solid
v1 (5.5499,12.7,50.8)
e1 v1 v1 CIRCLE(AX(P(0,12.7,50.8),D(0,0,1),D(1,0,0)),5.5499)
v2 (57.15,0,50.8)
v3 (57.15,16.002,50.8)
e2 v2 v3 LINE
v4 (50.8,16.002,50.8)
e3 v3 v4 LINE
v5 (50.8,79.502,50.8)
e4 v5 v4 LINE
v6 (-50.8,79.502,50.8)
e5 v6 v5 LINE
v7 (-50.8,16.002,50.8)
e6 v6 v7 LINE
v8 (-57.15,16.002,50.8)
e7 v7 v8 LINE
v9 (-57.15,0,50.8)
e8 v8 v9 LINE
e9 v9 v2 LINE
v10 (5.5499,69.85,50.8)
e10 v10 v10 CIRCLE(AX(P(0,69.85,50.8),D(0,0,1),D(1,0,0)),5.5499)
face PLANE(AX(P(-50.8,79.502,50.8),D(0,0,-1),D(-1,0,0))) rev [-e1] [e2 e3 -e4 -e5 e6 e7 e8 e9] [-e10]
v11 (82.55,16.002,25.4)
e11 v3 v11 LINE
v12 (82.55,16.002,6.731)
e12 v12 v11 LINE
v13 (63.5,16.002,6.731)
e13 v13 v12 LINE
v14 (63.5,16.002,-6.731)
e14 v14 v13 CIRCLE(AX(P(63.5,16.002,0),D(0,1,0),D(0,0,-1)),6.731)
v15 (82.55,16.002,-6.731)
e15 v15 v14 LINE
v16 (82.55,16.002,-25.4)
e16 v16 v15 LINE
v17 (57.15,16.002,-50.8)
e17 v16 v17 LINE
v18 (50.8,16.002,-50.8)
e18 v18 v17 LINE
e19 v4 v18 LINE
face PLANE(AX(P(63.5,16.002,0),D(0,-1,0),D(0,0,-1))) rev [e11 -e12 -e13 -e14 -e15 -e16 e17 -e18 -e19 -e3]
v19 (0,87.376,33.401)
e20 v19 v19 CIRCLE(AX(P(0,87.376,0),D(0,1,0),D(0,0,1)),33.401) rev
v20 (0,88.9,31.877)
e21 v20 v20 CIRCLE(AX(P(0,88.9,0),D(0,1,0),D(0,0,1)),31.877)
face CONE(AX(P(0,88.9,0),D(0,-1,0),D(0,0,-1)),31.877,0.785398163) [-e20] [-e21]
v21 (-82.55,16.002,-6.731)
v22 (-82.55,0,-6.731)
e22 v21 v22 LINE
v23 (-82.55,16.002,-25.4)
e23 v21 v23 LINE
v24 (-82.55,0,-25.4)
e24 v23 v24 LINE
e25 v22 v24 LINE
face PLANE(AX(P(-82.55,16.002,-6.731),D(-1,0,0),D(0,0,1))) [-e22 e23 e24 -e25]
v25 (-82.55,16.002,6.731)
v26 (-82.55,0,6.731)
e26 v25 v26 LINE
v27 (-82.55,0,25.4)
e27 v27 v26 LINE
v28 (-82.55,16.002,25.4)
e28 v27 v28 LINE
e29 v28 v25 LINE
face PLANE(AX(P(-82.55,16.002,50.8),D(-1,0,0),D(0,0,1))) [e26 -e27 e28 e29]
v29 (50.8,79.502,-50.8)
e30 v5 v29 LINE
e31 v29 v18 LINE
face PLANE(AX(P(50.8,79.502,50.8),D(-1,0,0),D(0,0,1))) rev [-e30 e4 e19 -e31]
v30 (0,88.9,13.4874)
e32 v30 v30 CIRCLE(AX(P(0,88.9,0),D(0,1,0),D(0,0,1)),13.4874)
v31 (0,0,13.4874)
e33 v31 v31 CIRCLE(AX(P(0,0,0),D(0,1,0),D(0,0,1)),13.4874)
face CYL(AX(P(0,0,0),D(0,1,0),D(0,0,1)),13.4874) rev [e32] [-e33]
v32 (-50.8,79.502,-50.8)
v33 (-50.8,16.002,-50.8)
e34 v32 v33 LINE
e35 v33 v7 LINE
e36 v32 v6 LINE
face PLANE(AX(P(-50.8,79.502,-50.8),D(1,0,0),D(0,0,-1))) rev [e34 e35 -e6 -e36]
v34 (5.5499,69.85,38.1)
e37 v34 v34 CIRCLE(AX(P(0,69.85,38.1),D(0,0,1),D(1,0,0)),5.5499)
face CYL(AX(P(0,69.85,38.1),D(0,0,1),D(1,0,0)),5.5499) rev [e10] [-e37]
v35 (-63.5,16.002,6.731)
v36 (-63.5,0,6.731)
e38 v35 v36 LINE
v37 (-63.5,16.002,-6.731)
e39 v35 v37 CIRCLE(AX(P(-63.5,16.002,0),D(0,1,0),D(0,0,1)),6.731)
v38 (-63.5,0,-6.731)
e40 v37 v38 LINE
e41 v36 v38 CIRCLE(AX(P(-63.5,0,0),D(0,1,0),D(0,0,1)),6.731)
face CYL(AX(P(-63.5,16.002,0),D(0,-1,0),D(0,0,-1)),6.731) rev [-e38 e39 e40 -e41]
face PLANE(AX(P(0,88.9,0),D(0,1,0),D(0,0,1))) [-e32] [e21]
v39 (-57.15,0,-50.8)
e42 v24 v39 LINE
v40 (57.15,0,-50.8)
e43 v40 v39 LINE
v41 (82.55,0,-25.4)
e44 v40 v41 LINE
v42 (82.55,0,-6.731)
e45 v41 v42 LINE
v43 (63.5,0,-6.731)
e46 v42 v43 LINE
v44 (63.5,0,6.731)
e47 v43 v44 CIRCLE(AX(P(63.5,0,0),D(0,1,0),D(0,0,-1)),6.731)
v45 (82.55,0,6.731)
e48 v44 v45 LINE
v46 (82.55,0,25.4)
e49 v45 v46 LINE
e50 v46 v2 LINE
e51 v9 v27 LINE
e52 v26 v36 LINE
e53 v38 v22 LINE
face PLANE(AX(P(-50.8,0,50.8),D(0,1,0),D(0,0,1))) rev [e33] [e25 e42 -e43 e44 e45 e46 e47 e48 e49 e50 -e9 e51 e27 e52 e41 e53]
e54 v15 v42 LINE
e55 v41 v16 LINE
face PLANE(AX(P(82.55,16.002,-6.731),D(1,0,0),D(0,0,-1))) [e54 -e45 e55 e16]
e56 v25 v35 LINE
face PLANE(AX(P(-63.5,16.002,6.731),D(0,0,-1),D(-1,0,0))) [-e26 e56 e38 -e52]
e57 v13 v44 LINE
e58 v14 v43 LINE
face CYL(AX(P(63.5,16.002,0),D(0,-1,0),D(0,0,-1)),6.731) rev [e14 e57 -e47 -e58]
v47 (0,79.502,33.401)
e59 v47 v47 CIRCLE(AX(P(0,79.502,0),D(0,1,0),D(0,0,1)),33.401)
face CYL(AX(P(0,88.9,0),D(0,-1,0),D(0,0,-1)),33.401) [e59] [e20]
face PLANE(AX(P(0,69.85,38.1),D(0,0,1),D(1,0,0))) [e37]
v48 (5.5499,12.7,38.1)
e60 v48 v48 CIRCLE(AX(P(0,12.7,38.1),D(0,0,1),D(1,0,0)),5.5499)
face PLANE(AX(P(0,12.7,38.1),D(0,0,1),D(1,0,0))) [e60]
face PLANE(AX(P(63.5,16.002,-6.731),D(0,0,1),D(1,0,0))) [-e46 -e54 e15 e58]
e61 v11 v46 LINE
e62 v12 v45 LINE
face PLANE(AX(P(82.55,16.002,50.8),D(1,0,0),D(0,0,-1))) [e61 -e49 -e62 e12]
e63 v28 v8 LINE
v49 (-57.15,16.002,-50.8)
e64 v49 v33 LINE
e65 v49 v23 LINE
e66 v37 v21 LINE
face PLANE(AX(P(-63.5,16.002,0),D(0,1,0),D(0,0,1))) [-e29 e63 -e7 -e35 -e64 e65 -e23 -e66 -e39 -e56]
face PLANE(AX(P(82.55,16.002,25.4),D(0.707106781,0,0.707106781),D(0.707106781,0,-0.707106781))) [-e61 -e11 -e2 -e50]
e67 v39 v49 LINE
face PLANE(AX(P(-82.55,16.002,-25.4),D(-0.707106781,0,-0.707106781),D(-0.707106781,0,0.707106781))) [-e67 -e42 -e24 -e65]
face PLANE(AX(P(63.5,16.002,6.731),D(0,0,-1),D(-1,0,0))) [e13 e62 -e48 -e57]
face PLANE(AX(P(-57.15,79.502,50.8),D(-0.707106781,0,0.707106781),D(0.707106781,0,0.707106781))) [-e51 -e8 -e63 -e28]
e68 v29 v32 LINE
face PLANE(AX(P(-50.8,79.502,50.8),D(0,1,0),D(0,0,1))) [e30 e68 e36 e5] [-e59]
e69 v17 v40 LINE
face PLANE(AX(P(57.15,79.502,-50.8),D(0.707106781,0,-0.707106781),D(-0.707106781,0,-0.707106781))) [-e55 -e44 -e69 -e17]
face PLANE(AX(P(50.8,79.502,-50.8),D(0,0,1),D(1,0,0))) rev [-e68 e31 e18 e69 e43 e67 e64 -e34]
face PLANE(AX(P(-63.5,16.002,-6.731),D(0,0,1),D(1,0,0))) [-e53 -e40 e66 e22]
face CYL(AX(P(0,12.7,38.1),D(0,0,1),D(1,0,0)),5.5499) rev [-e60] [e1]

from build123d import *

# Parameters (mm, degrees)
SKETCH1_W          = 101.6
SKETCH1_H          = 101.6
EXTRUDE1_DEPTH     = 79.502
SKETCH2_R          = 33.401
EXTRUDE2_DEPTH     = 9.398
CHAMFER1_SIZE      = 1.524
SKETCH3_R          = 13.4874
CUT_EXTRUDE1_DEPTH = 89.9
EXTRUDE3_DEPTH     = 16.002
CHAMFER2_SIZE      = 25.4
SKETCH8_R          = 5.5499
CUT_EXTRUDE3_DEPTH = 12.7


with BuildPart() as part:
    # Sketch1 → Extrude1 (new body)
    with BuildSketch(Plane(origin=(0, 0, 0), x_dir=(1, 0, 0), z_dir=(0, 1, 0))):
        Rectangle(SKETCH1_W, SKETCH1_H)
    extrude(amount=EXTRUDE1_DEPTH)

    # Sketch2 → Extrude2 (add)
    with BuildSketch(Plane(origin=(0, 79.502, 0), x_dir=(-1, 0, 0), z_dir=(0, 1, 0))):
        with Locations(Location((0, 0, 0), (0, 0, 90))):  # turned: the seam where the file's is
            Circle(SKETCH2_R)
    extrude(amount=EXTRUDE2_DEPTH)

    # Chamfer1
    chamfer1_edges = [part.edges().sort_by_distance(p)[0] for p in [
        (0, 88.9, -33.401),
    ]]
    chamfer(chamfer1_edges, length=CHAMFER1_SIZE)

    # Sketch3 → Cut-Extrude1 (cut, through all)
    with BuildSketch(Plane(origin=(0, 88.9, 0), x_dir=(1, 0, 0), z_dir=(0, 1, 0))):
        with Locations(Location((0, 0, 0), (0, 0, 270))):  # turned: the seam where the file's is
            Circle(SKETCH3_R)
    extrude(amount=-CUT_EXTRUDE1_DEPTH, mode=Mode.SUBTRACT)

    # Sketch7 → Extrude3 (add)
    with BuildSketch(Plane.XZ):
        with BuildLine():
            Line((50.8, 50.8), (82.55, 50.8))
            Line((82.55, 50.8), (82.55, 6.731))
            Line((82.55, 6.731), (63.5, 6.731))
            ThreePointArc((63.5, 6.731), (56.769, 0), (63.5, -6.731))
            Line((63.5, -6.731), (82.55, -6.731))
            Line((82.55, -6.731), (82.55, -50.8))
            Line((82.55, -50.8), (50.8, -50.8))
            Line((50.8, -50.8), (50.8, 50.8))
        make_face()
        with BuildLine():
            Line((-82.55, -6.731), (-82.55, -50.8))
            Line((-82.55, -50.8), (-50.8, -50.8))
            Line((-50.8, -50.8), (-50.8, 50.8))
            Line((-50.8, 50.8), (-82.55, 50.8))
            Line((-82.55, 50.8), (-82.55, 6.731))
            Line((-82.55, 6.731), (-63.5, 6.731))
            ThreePointArc((-63.5, 6.731), (-56.769, 0), (-63.5, -6.731))
            Line((-63.5, -6.731), (-82.55, -6.731))
        make_face()
    extrude(amount=-EXTRUDE3_DEPTH)

    # Chamfer2
    chamfer2_edges = [part.edges().sort_by_distance(p)[0] for p in [
        (-82.55, 8.001, -50.8),
        (82.55, 8.001, -50.8),
        (82.55, 8.001, 50.8),
        (-82.55, 8.001, 50.8),
    ]]
    chamfer(chamfer2_edges, length=CHAMFER2_SIZE)

    # Sketch8 → Cut-Extrude3 (cut)
    with BuildSketch(Plane.XY.offset(50.8)):
        with Locations((0, 69.85)):
            Circle(SKETCH8_R)
        with Locations((0, 12.7)):
            Circle(SKETCH8_R)
    extrude(amount=-CUT_EXTRUDE3_DEPTH, mode=Mode.SUBTRACT)


solid = part.part
